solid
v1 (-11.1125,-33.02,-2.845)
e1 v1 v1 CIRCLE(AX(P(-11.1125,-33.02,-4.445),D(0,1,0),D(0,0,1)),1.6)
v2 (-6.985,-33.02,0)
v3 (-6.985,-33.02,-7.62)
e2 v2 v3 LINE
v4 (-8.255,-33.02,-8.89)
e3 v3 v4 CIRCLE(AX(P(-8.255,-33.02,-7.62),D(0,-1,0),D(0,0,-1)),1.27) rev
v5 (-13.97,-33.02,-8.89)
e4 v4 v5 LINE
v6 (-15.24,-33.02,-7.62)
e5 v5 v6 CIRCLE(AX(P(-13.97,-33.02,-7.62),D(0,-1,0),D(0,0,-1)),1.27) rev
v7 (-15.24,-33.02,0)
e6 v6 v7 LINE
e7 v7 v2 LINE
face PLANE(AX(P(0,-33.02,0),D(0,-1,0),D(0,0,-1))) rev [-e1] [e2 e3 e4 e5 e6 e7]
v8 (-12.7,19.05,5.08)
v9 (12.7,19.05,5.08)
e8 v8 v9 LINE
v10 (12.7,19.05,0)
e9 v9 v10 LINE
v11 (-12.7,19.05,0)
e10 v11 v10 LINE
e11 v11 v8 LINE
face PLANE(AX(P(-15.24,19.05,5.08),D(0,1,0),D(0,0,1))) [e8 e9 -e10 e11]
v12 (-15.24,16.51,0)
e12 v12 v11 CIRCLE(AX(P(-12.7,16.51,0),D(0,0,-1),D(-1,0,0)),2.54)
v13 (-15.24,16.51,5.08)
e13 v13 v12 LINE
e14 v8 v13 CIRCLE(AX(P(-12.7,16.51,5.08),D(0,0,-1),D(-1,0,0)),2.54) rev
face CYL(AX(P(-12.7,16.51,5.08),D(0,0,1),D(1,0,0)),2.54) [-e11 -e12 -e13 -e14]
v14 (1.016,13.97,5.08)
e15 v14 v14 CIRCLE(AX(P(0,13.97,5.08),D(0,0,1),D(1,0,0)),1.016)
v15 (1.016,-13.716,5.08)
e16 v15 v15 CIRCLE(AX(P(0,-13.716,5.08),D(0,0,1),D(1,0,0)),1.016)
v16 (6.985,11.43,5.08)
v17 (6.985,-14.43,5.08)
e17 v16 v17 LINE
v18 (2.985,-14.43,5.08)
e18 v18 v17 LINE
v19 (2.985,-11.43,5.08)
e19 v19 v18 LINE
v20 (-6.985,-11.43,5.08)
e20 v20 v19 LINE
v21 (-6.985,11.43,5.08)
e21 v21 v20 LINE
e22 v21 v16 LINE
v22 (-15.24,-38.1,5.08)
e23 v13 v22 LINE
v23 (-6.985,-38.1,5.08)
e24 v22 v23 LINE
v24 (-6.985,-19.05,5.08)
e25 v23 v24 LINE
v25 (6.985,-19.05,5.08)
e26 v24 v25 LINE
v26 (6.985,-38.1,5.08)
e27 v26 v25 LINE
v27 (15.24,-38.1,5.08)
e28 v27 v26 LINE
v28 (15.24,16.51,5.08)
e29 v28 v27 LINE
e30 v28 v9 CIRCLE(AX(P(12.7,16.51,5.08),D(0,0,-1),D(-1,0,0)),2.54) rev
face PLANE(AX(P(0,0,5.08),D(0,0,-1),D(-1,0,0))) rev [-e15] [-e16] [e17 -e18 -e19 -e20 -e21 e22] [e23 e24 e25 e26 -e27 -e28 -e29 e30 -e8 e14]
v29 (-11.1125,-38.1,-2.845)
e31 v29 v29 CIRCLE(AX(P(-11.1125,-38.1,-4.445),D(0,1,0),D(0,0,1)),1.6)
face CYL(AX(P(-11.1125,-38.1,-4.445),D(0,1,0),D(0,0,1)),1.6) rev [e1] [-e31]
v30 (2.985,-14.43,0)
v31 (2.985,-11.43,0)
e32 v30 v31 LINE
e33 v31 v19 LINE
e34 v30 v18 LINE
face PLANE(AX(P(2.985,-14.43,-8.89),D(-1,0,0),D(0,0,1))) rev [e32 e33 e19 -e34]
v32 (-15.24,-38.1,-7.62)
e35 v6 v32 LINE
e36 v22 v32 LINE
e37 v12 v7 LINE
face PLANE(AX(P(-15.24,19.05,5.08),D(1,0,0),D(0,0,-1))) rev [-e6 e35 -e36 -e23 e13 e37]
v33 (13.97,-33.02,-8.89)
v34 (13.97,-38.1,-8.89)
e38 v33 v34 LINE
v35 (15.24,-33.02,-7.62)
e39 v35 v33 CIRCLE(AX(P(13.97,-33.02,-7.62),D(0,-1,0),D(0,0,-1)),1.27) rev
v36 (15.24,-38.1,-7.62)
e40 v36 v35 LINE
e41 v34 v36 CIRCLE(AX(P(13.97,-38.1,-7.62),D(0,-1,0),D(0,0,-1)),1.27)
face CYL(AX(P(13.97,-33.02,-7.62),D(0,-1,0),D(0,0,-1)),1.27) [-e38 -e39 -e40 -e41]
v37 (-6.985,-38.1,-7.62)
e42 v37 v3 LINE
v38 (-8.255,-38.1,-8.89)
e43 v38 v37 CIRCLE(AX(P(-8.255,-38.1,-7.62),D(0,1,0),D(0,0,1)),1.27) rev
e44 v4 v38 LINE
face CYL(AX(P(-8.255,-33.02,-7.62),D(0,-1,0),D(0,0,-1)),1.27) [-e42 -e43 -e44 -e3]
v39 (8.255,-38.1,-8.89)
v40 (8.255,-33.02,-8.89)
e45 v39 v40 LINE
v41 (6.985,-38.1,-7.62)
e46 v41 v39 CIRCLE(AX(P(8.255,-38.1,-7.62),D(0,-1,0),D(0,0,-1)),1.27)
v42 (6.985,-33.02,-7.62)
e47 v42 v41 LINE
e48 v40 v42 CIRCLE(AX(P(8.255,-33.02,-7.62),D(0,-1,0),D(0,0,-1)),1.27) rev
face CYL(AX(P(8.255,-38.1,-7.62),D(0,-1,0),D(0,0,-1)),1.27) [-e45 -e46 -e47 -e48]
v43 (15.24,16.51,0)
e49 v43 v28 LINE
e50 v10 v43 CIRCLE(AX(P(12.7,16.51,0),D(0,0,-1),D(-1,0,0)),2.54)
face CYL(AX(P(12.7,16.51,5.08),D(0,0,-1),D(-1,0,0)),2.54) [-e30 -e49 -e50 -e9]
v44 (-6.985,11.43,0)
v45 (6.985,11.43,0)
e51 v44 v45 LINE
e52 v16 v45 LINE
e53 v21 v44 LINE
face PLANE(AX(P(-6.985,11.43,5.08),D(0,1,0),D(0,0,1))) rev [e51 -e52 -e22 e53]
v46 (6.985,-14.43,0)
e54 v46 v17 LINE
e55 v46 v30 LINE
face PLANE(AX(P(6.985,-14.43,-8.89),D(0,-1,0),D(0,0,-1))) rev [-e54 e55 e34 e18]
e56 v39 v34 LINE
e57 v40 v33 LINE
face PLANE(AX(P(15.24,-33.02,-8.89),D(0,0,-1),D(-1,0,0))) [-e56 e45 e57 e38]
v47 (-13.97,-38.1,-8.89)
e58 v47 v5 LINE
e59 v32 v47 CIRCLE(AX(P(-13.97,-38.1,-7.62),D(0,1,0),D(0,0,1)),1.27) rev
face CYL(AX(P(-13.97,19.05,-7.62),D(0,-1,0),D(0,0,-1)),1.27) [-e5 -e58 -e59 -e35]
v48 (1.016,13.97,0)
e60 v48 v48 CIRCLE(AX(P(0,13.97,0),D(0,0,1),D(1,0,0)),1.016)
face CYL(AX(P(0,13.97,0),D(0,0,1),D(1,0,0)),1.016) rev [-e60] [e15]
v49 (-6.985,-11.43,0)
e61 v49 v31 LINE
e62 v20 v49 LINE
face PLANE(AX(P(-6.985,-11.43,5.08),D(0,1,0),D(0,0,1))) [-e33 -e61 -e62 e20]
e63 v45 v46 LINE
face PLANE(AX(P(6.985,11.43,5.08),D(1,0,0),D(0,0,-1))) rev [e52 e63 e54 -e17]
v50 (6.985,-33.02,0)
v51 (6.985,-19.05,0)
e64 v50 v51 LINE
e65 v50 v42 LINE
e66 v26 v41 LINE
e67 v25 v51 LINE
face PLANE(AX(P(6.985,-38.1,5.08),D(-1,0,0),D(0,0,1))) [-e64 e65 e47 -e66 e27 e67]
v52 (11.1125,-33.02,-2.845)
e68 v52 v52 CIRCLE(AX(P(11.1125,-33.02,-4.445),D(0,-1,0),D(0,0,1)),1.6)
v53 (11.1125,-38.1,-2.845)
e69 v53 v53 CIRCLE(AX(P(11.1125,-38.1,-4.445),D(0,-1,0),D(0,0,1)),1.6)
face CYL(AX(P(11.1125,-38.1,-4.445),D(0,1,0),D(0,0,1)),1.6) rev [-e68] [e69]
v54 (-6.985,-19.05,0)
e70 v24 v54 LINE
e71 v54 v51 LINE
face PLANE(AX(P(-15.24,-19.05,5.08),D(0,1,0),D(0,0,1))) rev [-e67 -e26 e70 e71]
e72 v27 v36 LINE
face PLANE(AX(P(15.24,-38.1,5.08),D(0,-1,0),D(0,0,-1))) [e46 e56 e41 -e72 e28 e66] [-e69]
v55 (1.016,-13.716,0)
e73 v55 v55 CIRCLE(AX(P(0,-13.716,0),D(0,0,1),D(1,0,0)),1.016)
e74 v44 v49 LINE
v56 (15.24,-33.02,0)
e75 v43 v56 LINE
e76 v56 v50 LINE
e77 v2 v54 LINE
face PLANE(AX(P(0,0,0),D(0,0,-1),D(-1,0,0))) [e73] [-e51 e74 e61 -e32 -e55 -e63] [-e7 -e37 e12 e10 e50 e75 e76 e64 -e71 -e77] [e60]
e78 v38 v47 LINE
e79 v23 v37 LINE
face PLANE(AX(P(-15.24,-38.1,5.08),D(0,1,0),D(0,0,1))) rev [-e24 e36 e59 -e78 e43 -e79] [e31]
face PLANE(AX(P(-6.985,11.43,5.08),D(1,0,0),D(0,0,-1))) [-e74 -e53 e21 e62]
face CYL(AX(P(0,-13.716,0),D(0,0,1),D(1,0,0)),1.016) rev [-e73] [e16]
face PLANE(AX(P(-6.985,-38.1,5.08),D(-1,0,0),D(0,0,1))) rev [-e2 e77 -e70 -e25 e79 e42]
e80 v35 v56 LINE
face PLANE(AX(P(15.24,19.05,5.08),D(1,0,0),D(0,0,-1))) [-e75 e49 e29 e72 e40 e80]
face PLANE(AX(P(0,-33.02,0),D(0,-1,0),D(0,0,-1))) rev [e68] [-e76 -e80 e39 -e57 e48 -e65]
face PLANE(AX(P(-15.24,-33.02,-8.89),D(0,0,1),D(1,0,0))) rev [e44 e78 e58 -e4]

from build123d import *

# Parameters (mm, degrees)
SKETCH1_W           = 8.255
SKETCH1_H           = 19.05
SKETCH1_W_2         = 13.97
SKETCH1_H_2         = 22.86
BOSS_EXTRUDE1_DEPTH = 5.08
FILLET1_R           = 2.54
SKETCH3_W           = 8.255
SKETCH3_H           = 8.89
BOSS_EXTRUDE2_DEPTH = 5.08
SKETCH5_R           = 1.016
CUT_EXTRUDE1_DEPTH  = 5.08
SKETCH6_R           = 1.6
CUT_EXTRUDE2_DEPTH  = 5.08
FILLET2_R           = 1.27
SKETCH7_W           = 4
SKETCH7_H           = 3
CUT_EXTRUDE3_DEPTH  = 44.347762341


with BuildPart() as part:
    # Sketch1 → Boss-Extrude1 (new body)
    # profile 1 of 3: a face of its own
    with BuildSketch(Plane.XY):
        with Locations((-11.1125, -28.575)):
            Rectangle(SKETCH1_W, SKETCH1_H)
    # profile 2 of 3: a face of its own
    with BuildSketch(Plane.XY):
        Polygon((-15.24, 19.05), (-15.24, -19.05), (-6.985, -19.05), (6.985, -19.05), (15.24, -19.05), (15.24, 19.05), align=None)
        Rectangle(SKETCH1_W_2, SKETCH1_H_2, mode=Mode.SUBTRACT)
    # profile 3 of 3: a face of its own
    with BuildSketch(Plane.XY):
        with Locations((11.1125, -28.575)):
            Rectangle(SKETCH1_W, SKETCH1_H)
    extrude(amount=BOSS_EXTRUDE1_DEPTH)

    # Fillet1
    fillet1_edges = [part.edges().sort_by_distance(p)[0] for p in [
        (-15.24, 19.05, 2.54),
        (15.24, 19.05, 2.54),
    ]]
    fillet(fillet1_edges, radius=FILLET1_R)

    # Sketch3 → Boss-Extrude2 (add)
    with BuildSketch(Plane(origin=(0, -38.1, 0), x_dir=(1, 0, 0), z_dir=(0, 1, 0))):
        with Locations((-11.1125, 4.445)):
            Rectangle(SKETCH3_W, SKETCH3_H)
    boss_extrude2 = extrude(amount=BOSS_EXTRUDE2_DEPTH)

    # Sketch5 → Cut-Extrude1 (cut)
    with BuildSketch(Plane.XY.offset(5.08)):
        with Locations((0, 13.97)):
            Circle(SKETCH5_R)
        with Locations((0, -13.716)):
            Circle(SKETCH5_R)
    extrude(amount=-CUT_EXTRUDE1_DEPTH, mode=Mode.SUBTRACT)

    # Sketch6 → Cut-Extrude2 (cut)
    with BuildSketch(Plane(origin=(0, -33.02, 0), x_dir=(1, 0, 0), z_dir=(0, 1, 0))):
        with Locations(Location((-11.1125, 4.445, 0), (0, 0, 270))):
            Circle(SKETCH6_R)
    cut_extrude2 = extrude(amount=-CUT_EXTRUDE2_DEPTH, mode=Mode.SUBTRACT)

    # Mirror2: Boss-Extrude2, Cut-Extrude2 across plane
    add(boss_extrude2.mirror(Plane(origin=(0, 0, 0), x_dir=(0, 0, 1), z_dir=(1, 0, 0))))
    add(cut_extrude2.mirror(Plane(origin=(0, 0, 0), x_dir=(0, 0, 1), z_dir=(1, 0, 0))), mode=Mode.SUBTRACT)

    # Fillet2
    fillet2_edges = [part.edges().sort_by_distance(p)[0] for p in [
        (15.24, -35.56, -8.89),
        (6.985, -35.56, -8.89),
        (-6.985, -35.56, -8.89),
        (-15.24, -35.56, -8.89),
    ]]
    fillet(fillet2_edges, radius=FILLET2_R)

    # Sketch7 → Cut-Extrude3 (cut, through all)
    with BuildSketch(Plane.XY.offset(5.08)):
        with Locations((4.985, -12.93)):
            Rectangle(SKETCH7_W, SKETCH7_H)
    extrude(amount=-CUT_EXTRUDE3_DEPTH, mode=Mode.SUBTRACT)


solid = part.part
